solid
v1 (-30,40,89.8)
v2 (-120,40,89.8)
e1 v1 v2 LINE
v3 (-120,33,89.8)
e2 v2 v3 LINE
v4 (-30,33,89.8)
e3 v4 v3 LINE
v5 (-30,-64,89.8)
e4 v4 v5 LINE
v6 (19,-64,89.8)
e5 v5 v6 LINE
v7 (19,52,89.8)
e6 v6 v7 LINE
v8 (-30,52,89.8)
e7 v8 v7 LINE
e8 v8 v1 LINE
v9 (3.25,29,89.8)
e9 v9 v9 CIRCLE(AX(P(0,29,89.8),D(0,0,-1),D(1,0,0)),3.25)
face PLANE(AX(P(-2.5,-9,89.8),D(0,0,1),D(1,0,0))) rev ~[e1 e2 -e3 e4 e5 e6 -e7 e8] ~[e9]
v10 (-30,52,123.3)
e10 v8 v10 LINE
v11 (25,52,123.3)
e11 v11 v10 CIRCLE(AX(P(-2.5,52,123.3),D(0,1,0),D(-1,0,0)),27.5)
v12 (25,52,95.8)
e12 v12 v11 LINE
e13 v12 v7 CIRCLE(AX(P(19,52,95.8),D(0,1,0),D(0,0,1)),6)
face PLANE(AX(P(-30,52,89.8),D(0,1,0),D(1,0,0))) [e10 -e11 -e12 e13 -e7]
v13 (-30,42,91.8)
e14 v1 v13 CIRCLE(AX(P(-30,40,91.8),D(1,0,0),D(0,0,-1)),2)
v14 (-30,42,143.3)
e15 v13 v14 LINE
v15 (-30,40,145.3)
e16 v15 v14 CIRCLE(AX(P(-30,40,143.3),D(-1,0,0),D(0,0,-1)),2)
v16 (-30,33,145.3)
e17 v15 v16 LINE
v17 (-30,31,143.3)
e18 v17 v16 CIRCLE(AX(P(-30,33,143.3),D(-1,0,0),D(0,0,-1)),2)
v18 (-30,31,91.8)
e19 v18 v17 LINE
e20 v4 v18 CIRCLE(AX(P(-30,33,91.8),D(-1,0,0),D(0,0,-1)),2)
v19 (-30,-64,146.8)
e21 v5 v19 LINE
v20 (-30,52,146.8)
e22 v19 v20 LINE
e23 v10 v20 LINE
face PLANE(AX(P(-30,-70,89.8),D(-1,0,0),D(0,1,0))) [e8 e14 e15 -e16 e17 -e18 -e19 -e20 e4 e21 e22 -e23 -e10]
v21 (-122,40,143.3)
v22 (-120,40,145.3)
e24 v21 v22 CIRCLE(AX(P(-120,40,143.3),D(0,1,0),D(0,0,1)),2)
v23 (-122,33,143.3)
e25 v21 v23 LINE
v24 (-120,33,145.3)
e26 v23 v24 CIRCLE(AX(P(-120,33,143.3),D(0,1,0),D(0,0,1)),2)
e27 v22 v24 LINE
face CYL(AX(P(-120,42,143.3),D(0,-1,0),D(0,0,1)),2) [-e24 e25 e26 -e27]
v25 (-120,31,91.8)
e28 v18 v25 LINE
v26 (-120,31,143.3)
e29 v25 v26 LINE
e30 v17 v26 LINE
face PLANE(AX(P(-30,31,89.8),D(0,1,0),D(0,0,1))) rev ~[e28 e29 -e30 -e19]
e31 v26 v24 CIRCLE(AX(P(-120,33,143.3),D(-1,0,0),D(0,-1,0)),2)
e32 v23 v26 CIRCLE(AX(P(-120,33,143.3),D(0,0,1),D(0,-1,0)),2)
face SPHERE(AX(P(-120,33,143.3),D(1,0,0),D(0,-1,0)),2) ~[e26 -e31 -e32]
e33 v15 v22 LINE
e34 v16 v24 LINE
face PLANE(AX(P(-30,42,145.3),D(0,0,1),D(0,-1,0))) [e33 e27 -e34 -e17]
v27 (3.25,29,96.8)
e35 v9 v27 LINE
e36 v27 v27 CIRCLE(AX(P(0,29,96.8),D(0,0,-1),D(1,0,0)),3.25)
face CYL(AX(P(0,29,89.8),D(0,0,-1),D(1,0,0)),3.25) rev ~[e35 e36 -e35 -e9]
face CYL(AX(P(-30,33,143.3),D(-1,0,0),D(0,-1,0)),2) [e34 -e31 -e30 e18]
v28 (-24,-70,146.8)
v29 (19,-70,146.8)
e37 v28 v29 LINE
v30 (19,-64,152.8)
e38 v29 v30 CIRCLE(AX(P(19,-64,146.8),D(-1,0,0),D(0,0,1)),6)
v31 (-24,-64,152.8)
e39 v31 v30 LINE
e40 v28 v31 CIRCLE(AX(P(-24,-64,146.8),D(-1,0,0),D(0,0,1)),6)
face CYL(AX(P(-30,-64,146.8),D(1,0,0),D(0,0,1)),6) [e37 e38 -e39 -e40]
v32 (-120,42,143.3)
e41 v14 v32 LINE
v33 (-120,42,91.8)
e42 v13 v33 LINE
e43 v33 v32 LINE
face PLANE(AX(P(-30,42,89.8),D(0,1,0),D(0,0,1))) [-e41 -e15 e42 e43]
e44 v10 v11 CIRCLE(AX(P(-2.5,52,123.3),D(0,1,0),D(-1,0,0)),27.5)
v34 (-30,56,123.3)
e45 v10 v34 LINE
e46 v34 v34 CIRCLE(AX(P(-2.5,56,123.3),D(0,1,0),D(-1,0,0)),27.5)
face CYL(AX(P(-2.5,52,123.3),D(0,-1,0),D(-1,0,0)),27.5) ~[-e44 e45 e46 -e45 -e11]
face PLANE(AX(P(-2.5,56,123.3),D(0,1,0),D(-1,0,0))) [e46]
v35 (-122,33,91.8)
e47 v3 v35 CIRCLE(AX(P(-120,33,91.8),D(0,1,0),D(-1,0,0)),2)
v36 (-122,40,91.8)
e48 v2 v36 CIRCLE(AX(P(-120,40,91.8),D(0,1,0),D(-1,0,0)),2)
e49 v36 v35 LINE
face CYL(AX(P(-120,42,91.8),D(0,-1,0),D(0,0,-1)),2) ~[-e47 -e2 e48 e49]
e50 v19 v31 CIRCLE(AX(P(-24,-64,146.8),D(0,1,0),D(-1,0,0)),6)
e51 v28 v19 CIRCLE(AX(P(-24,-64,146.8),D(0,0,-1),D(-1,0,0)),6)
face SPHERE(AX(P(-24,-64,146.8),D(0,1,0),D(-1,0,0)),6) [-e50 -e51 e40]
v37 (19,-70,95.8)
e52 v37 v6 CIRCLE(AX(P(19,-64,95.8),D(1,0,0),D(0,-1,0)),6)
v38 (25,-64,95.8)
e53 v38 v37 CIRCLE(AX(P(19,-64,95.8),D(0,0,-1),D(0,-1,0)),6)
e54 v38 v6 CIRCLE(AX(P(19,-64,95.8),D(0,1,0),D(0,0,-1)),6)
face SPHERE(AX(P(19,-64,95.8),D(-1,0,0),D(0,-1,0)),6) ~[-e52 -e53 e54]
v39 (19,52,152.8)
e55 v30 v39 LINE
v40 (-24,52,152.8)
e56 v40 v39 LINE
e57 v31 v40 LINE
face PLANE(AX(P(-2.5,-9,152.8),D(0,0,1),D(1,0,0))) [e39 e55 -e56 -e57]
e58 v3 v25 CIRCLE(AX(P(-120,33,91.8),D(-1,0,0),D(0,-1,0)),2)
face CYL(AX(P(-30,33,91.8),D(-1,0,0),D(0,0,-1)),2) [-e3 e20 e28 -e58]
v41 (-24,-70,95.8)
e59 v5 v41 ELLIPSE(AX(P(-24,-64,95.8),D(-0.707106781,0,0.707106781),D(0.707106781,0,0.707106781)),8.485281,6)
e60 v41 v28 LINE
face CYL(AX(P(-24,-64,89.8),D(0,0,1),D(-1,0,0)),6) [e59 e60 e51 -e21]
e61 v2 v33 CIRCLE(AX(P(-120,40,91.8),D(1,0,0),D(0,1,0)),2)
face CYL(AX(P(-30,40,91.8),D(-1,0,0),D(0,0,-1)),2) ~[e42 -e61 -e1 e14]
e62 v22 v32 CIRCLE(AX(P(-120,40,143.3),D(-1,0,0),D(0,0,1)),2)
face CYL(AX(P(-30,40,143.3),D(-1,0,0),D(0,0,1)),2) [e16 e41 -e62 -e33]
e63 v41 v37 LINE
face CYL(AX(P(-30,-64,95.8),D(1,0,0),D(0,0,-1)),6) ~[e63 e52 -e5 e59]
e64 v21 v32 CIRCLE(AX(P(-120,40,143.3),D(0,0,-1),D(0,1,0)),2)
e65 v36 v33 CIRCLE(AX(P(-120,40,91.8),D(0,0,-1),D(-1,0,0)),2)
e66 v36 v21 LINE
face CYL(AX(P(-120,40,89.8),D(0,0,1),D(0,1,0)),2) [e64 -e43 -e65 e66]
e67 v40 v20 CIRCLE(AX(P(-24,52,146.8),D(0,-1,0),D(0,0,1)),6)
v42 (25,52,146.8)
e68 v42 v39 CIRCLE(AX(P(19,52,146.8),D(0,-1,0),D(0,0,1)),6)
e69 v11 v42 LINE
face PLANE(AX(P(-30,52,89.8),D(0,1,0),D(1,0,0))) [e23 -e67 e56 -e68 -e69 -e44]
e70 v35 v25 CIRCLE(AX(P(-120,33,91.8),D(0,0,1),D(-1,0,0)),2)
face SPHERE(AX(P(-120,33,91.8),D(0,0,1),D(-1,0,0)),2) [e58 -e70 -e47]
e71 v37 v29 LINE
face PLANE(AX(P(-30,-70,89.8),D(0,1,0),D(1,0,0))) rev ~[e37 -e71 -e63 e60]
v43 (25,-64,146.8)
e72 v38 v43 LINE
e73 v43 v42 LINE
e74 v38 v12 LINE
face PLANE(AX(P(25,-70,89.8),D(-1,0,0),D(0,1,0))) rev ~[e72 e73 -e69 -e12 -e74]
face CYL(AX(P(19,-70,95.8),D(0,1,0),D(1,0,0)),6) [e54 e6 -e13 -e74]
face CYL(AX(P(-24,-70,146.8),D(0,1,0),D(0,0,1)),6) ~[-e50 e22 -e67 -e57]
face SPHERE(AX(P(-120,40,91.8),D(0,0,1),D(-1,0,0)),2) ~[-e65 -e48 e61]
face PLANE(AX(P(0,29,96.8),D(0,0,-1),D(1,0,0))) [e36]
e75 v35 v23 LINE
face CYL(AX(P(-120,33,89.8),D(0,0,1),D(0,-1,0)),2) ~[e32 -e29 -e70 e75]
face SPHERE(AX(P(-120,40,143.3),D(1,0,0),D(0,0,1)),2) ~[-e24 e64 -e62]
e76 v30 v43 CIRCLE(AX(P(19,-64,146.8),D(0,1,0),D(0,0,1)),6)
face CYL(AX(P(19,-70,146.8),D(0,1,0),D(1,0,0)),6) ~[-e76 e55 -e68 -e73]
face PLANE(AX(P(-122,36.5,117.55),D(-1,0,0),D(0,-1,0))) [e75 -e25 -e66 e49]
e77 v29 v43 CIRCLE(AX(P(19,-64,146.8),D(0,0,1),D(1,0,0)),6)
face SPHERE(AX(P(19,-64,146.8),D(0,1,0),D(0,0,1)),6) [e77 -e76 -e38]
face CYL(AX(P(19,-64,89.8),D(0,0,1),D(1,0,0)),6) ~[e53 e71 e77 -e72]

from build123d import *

# Parameters (mm, degrees)
SKETCH068_W     = 55
SKETCH068_H     = 122
PAD033_DEPTH    = 63
SKETCH069_R     = 27.5
PAD034_DEPTH    = 4
SKETCH070_R     = 3.25
POCKET026_DEPTH = 7
SKETCH071_W     = 11
SKETCH071_H     = 55.5
PAD035_DEPTH    = 92
FILLET_R        = 6
FILLET001_R     = 2


with BuildPart() as part:
    # Sketch068 (on Face5 of ShapeBinder026) → Pad033 (new body)
    with BuildSketch(Plane.XY.offset(89.8)):
        with Locations((-2.5, -9)):
            Rectangle(SKETCH068_W, SKETCH068_H)
    extrude(amount=PAD033_DEPTH)

    # Sketch069 (on Face1 of Pad033) → Pad034 (join)
    with BuildSketch(Plane(origin=(0, 52, -4), x_dir=(-1, 0, 0), z_dir=(0, 1, 0))):
        with Locations((2.5, 127.3)):
            Circle(SKETCH069_R)
    extrude(amount=PAD034_DEPTH)

    # Sketch070 (on Face5 of Pad033) → Pocket026 (cut)
    with BuildSketch(Plane(origin=(0, 0, 89.8), x_dir=(1, 0, 0), z_dir=(0, 0, -1))):
        with Locations((0, -29)):
            Circle(SKETCH070_R)
    extrude(amount=-POCKET026_DEPTH, mode=Mode.SUBTRACT)

    # Sketch071 (on Face4 of Pad033) → Pad035 (join)
    with BuildSketch(Plane(origin=(-30, 0, -4), x_dir=(0, -1, 0), z_dir=(-1, 0, 0))):
        with Locations((-36.5, 121.55)):
            Rectangle(SKETCH071_W, SKETCH071_H)
    extrude(amount=PAD035_DEPTH)

    # Fillet
    fillet_edges = [part.edges().sort_by_distance(p)[0] for p in [
        (-30, -9, 152.8),
        (-30, -70, 121.3),
        (-2.5, -70, 89.8),
        (25, -9, 152.8),
        (-2.5, -70, 152.8),
        (25, -70, 121.3),
        (25, -9, 89.8),
    ]]
    fillet(fillet_edges, radius=FILLET_R)

    # Fillet001
    fillet001_edges = [part.edges().sort_by_distance(p)[0] for p in [
        (-76, 31, 145.3),
        (-122, 31, 117.55),
        (-76, 42, 145.3),
        (-122, 36.5, 145.3),
        (-122, 42, 117.55),
        (-122, 36.5, 89.8),
        (-76, 42, 89.8),
        (-76, 31, 89.8),
    ]]
    fillet(fillet001_edges, radius=FILLET001_R)


solid = part.part
